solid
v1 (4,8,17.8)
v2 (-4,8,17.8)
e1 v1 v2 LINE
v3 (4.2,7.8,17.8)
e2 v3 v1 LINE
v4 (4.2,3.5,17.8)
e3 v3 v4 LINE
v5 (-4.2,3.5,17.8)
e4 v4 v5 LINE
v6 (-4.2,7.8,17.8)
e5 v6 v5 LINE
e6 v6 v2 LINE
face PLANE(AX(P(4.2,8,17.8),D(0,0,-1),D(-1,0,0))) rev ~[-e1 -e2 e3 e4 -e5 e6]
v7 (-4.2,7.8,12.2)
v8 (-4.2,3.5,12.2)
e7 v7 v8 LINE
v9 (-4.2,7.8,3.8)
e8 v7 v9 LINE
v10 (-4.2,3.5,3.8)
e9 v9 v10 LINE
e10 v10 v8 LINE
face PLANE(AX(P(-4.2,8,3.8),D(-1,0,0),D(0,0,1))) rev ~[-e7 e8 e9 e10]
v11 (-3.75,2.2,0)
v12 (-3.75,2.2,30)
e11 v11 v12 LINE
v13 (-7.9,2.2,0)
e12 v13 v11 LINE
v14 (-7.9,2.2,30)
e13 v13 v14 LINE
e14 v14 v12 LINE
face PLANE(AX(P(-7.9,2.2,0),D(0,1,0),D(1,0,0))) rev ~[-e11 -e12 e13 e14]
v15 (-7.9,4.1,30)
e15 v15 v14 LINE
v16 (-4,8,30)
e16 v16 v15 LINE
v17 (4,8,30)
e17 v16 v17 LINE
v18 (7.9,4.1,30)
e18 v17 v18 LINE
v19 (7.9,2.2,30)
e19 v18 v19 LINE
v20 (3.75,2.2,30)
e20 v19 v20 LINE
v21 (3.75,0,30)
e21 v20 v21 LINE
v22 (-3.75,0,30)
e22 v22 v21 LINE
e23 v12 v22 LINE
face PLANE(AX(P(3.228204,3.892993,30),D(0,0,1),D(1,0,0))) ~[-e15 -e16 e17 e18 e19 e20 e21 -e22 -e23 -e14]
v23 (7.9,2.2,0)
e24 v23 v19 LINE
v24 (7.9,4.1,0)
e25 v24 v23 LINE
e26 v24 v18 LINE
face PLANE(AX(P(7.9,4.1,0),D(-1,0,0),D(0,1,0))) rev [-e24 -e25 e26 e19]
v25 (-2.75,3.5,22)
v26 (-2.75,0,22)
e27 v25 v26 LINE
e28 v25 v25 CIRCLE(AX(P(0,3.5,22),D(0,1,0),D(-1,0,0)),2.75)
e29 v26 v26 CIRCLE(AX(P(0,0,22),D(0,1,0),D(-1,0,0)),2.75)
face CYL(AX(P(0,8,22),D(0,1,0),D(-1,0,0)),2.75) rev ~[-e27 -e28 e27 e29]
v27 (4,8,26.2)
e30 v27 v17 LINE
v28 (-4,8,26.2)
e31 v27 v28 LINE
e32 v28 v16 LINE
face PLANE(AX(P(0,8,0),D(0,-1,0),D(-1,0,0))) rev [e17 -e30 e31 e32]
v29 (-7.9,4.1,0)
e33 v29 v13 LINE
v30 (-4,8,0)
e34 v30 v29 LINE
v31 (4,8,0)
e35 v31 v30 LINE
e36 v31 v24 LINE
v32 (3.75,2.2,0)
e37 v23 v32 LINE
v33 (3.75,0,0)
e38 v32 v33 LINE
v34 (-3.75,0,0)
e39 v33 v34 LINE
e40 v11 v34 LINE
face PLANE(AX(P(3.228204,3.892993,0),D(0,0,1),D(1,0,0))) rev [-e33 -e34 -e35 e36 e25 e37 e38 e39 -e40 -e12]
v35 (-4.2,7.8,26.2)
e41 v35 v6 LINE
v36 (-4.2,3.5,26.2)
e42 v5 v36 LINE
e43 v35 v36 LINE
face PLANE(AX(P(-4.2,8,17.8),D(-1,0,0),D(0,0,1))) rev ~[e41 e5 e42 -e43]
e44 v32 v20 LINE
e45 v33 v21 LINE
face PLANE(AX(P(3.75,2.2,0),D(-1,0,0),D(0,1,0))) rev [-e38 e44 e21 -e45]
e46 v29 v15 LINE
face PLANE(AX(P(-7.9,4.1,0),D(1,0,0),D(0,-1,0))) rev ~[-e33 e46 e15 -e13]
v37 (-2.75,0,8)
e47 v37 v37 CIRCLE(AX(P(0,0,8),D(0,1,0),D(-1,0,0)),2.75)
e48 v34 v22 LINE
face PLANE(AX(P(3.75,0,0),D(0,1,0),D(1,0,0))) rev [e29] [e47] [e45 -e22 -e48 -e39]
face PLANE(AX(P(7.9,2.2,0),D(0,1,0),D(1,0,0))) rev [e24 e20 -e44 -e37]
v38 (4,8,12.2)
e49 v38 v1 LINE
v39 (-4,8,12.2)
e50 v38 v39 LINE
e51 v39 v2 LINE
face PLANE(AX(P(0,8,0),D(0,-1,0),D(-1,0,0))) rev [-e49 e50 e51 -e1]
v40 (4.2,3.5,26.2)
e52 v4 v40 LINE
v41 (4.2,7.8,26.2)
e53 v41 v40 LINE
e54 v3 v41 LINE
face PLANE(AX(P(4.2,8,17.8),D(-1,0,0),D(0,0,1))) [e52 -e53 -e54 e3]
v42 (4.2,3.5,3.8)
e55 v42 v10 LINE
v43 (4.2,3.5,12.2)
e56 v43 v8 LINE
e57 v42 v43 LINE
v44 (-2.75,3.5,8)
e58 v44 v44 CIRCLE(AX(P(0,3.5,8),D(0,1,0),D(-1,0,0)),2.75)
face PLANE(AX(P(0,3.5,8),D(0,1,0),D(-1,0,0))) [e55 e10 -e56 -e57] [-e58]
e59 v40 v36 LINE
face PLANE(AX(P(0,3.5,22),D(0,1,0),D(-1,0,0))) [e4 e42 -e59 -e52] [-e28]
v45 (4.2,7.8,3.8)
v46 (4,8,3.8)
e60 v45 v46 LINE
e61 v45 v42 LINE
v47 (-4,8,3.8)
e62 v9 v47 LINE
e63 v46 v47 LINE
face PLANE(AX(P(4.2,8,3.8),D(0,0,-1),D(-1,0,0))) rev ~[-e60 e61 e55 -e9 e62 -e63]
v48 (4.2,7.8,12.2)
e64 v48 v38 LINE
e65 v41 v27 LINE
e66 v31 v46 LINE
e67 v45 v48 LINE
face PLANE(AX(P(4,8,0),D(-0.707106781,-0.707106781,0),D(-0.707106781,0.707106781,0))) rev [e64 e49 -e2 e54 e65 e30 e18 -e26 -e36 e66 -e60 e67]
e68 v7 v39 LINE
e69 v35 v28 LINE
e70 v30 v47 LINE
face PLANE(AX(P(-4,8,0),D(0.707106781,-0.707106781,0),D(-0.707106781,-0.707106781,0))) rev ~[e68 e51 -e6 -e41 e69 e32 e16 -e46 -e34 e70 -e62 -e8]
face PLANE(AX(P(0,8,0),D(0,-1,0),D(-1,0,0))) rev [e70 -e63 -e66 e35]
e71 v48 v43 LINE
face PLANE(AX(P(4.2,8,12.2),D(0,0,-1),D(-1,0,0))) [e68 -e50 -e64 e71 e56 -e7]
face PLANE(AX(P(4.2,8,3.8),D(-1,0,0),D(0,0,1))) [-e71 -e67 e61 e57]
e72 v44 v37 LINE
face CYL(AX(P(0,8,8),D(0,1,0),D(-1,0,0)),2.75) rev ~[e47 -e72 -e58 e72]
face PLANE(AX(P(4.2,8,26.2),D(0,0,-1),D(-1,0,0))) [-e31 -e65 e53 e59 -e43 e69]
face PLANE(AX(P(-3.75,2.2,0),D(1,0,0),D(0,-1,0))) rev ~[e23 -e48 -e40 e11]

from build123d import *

# Parameters (mm, degrees)
PAD003_DEPTH           = 30
SKETCH005_W            = 8.4
SKETCH005_H            = 8.4
POCKET001_DEPTH        = 4.5
LINEARPATTERN002_COUNT = 2
LINEARPATTERN002_PITCH = 14
SKETCH004_R            = 2.75
HOLE001_DEPTH          = 25
LINEARPATTERN003_COUNT = 2
LINEARPATTERN003_PITCH = 14


with BuildPart() as part:
    # Sketch006 → Pad003 (new body)
    with BuildSketch(Plane.XY):
        Polygon((0, 0), (0, 8), (-4, 8), (-7.9, 4.1), (-7.9, 2.2), (-3.75, 2.2), (-3.75, 0), align=None)
    pad003 = extrude(amount=PAD003_DEPTH)

    # Mirrored001: Pad003 across Sketch006 V_Axis
    add(pad003.mirror(Plane(origin=(0, 0, 0), x_dir=(0, 0, 1), z_dir=(1, 0, 0))))

    # Sketch005 (on DatumPlane) → Pocket001 (cut)
    with BuildSketch(Plane(origin=(0, 8, 0), x_dir=(-1, 0, 0), z_dir=(0, 1, 0))):
        with Locations((0, 8)):
            Rectangle(SKETCH005_W, SKETCH005_H)
    pocket001 = extrude(amount=-POCKET001_DEPTH, mode=Mode.SUBTRACT)

    # LinearPattern002: Pocket001 ×2
    with Locations(*[(0, 0, i * LINEARPATTERN002_PITCH) for i in range(1, LINEARPATTERN002_COUNT)]):
        add(pocket001, mode=Mode.SUBTRACT)

    # Sketch004 (on DatumPlane) → Hole001 (cut)
    with BuildSketch(Plane(origin=(0, 8, 0), x_dir=(-1, 0, 0), z_dir=(0, 1, 0))):
        with Locations((0, 8)):
            Circle(SKETCH004_R)
    hole001 = extrude(amount=-HOLE001_DEPTH, mode=Mode.SUBTRACT)

    # LinearPattern003: Hole001 ×2
    with Locations(*[(0, 0, i * LINEARPATTERN003_PITCH) for i in range(1, LINEARPATTERN003_COUNT)]):
        add(hole001, mode=Mode.SUBTRACT)


solid = part.part
